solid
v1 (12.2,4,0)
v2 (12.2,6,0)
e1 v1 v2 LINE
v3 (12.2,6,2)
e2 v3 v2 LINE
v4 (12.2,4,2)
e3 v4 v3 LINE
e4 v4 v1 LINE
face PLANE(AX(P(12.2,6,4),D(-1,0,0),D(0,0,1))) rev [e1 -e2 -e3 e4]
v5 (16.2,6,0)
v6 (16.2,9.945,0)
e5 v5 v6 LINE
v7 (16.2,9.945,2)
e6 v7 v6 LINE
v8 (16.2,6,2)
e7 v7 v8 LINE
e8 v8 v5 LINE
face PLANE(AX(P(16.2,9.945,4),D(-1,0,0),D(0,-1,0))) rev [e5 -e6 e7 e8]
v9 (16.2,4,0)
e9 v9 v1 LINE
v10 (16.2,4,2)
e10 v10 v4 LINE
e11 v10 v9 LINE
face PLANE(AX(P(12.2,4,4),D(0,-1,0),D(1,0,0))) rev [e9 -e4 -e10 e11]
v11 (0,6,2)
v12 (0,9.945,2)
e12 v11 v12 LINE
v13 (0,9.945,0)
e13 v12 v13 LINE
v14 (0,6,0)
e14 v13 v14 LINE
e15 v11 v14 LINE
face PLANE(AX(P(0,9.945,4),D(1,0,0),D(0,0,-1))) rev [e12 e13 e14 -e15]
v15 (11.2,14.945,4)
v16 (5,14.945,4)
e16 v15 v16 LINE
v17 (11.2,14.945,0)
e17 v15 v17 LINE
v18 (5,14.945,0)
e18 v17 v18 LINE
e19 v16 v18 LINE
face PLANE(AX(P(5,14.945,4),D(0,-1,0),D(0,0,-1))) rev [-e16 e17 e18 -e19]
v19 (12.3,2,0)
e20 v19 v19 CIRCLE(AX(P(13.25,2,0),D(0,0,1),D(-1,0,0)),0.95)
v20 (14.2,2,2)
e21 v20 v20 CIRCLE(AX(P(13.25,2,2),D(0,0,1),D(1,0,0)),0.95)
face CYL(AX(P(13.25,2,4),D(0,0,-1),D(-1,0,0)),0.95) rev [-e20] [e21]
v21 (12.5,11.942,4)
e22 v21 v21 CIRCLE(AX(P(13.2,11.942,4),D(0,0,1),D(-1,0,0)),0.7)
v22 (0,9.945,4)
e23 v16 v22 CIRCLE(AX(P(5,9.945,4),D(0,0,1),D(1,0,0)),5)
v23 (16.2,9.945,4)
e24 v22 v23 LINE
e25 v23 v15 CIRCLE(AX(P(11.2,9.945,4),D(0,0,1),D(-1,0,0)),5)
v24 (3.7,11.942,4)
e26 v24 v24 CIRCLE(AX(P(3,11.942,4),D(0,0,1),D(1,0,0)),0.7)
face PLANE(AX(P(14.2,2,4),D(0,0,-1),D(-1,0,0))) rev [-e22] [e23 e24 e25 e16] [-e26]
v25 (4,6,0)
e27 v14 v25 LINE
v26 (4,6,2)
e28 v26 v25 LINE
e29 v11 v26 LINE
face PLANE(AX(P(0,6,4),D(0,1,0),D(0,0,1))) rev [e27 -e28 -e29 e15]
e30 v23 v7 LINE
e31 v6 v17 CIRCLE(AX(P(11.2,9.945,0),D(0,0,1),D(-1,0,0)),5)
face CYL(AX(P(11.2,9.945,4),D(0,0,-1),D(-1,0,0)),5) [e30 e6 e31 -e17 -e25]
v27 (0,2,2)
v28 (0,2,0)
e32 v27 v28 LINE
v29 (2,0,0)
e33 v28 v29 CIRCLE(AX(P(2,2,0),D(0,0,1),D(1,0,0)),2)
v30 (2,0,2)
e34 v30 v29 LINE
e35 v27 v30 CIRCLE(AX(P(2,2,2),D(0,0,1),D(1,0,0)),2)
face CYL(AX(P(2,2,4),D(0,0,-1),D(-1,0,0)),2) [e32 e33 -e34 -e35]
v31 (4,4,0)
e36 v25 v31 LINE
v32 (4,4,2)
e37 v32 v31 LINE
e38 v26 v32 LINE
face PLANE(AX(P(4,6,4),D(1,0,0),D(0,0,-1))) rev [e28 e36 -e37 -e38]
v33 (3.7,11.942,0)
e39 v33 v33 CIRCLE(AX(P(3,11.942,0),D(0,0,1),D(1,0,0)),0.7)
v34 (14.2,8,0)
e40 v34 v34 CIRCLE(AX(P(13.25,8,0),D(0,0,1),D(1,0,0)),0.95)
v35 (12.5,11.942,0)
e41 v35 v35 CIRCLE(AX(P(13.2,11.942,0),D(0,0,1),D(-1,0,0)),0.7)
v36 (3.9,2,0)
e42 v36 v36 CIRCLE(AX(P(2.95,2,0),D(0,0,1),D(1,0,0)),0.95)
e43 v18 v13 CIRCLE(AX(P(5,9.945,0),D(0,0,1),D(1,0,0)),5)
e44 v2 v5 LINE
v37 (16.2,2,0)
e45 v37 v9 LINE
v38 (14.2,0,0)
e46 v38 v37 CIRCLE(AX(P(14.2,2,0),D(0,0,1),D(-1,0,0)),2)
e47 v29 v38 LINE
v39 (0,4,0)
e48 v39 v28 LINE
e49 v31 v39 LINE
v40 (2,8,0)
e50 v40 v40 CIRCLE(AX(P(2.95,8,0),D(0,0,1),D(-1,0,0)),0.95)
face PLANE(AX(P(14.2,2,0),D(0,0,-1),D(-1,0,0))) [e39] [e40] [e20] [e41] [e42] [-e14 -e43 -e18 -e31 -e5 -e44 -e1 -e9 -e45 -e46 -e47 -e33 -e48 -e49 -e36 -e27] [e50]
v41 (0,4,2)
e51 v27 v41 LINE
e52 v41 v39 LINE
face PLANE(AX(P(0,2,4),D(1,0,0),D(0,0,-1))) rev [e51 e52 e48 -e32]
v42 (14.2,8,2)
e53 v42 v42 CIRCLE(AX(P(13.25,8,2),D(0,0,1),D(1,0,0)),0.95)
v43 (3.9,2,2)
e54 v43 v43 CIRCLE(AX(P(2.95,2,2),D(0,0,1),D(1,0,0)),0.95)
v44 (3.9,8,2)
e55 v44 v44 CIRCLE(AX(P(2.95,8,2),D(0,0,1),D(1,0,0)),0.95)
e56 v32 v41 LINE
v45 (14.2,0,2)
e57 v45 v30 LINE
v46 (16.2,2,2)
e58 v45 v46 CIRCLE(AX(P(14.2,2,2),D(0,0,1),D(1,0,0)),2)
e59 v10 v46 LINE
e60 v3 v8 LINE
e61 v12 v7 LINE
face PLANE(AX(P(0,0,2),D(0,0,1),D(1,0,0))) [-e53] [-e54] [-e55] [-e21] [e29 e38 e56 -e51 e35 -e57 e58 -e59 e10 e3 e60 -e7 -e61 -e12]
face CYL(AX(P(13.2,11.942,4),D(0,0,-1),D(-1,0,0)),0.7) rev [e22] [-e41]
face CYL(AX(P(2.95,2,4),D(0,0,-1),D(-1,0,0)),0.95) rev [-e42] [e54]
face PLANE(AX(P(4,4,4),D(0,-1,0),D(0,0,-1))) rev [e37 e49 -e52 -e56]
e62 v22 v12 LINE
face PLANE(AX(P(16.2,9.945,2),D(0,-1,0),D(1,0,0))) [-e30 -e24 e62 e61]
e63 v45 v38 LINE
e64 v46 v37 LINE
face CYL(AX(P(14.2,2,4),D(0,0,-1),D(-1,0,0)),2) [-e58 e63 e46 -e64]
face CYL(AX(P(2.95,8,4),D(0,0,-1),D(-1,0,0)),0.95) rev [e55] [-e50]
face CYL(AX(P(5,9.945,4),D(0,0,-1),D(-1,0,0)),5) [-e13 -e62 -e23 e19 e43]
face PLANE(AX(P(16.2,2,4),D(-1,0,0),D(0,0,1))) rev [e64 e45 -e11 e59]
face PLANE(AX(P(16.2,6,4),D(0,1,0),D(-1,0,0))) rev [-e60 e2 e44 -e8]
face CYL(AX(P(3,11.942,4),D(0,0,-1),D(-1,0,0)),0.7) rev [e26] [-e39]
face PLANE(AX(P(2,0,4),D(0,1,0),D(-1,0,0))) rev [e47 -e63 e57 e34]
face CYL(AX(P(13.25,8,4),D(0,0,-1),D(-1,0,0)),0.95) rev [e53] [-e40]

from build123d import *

# Parameters (mm, degrees)
SKETCH2_R           = 0.95
SKETCH2_R_2         = 0.7
BOSS_EXTRUDE1_DEPTH = 4
SKETCH3_W           = 16.2
SKETCH3_H           = 9.945
CUT_EXTRUDE2_DEPTH  = 2


with BuildPart() as part:
    # Sketch2 → Boss-Extrude1 (new body)
    with BuildSketch(Plane.XY):
        with BuildLine():
            Line((0, 9.945), (0, 6))
            Line((0, 6), (4, 6))
            Line((4, 6), (4, 4))
            Line((4, 4), (0, 4))
            Line((0, 4), (0, 2))
            ThreePointArc((0, 2), (0.585786438, 0.585786438), (2, 0))
            Line((2, 0), (14.2, 0))
            ThreePointArc((14.2, 0), (15.614213562, 0.585786438), (16.2, 2))
            Line((16.2, 2), (16.2, 4))
            Line((16.2, 4), (12.2, 4))
            Line((12.2, 4), (12.2, 6))
            Line((12.2, 6), (16.2, 6))
            Line((16.2, 6), (16.2, 9.945))
            ThreePointArc((16.2, 9.945), (14.735533906, 13.480533906), (11.2, 14.945))
            Line((11.2, 14.945), (5, 14.945))
            ThreePointArc((5, 14.945), (1.464466094, 13.480533906), (0, 9.945))
        make_face()
        with Locations((13.25, 8)):
            Circle(SKETCH2_R, mode=Mode.SUBTRACT)
        with Locations((13.25, 2)):
            Circle(SKETCH2_R, mode=Mode.SUBTRACT)
        with Locations((13.2, 11.942)):
            Circle(SKETCH2_R_2, mode=Mode.SUBTRACT)
        with Locations((3, 11.942)):
            Circle(SKETCH2_R_2, mode=Mode.SUBTRACT)
        with Locations((2.95, 2)):
            Circle(SKETCH2_R, mode=Mode.SUBTRACT)
        with Locations((2.95, 8)):
            Circle(SKETCH2_R, mode=Mode.SUBTRACT)
    extrude(amount=BOSS_EXTRUDE1_DEPTH)

    # Sketch3 → Cut-Extrude2 (cut)
    with BuildSketch(Plane(origin=(0, 0, 4), x_dir=(-1, 0, 0), z_dir=(0, 0, -1))):
        with Locations((-8.1, 4.9725)):
            Rectangle(SKETCH3_W, SKETCH3_H)
    extrude(amount=CUT_EXTRUDE2_DEPTH, mode=Mode.SUBTRACT)


solid = part.part
